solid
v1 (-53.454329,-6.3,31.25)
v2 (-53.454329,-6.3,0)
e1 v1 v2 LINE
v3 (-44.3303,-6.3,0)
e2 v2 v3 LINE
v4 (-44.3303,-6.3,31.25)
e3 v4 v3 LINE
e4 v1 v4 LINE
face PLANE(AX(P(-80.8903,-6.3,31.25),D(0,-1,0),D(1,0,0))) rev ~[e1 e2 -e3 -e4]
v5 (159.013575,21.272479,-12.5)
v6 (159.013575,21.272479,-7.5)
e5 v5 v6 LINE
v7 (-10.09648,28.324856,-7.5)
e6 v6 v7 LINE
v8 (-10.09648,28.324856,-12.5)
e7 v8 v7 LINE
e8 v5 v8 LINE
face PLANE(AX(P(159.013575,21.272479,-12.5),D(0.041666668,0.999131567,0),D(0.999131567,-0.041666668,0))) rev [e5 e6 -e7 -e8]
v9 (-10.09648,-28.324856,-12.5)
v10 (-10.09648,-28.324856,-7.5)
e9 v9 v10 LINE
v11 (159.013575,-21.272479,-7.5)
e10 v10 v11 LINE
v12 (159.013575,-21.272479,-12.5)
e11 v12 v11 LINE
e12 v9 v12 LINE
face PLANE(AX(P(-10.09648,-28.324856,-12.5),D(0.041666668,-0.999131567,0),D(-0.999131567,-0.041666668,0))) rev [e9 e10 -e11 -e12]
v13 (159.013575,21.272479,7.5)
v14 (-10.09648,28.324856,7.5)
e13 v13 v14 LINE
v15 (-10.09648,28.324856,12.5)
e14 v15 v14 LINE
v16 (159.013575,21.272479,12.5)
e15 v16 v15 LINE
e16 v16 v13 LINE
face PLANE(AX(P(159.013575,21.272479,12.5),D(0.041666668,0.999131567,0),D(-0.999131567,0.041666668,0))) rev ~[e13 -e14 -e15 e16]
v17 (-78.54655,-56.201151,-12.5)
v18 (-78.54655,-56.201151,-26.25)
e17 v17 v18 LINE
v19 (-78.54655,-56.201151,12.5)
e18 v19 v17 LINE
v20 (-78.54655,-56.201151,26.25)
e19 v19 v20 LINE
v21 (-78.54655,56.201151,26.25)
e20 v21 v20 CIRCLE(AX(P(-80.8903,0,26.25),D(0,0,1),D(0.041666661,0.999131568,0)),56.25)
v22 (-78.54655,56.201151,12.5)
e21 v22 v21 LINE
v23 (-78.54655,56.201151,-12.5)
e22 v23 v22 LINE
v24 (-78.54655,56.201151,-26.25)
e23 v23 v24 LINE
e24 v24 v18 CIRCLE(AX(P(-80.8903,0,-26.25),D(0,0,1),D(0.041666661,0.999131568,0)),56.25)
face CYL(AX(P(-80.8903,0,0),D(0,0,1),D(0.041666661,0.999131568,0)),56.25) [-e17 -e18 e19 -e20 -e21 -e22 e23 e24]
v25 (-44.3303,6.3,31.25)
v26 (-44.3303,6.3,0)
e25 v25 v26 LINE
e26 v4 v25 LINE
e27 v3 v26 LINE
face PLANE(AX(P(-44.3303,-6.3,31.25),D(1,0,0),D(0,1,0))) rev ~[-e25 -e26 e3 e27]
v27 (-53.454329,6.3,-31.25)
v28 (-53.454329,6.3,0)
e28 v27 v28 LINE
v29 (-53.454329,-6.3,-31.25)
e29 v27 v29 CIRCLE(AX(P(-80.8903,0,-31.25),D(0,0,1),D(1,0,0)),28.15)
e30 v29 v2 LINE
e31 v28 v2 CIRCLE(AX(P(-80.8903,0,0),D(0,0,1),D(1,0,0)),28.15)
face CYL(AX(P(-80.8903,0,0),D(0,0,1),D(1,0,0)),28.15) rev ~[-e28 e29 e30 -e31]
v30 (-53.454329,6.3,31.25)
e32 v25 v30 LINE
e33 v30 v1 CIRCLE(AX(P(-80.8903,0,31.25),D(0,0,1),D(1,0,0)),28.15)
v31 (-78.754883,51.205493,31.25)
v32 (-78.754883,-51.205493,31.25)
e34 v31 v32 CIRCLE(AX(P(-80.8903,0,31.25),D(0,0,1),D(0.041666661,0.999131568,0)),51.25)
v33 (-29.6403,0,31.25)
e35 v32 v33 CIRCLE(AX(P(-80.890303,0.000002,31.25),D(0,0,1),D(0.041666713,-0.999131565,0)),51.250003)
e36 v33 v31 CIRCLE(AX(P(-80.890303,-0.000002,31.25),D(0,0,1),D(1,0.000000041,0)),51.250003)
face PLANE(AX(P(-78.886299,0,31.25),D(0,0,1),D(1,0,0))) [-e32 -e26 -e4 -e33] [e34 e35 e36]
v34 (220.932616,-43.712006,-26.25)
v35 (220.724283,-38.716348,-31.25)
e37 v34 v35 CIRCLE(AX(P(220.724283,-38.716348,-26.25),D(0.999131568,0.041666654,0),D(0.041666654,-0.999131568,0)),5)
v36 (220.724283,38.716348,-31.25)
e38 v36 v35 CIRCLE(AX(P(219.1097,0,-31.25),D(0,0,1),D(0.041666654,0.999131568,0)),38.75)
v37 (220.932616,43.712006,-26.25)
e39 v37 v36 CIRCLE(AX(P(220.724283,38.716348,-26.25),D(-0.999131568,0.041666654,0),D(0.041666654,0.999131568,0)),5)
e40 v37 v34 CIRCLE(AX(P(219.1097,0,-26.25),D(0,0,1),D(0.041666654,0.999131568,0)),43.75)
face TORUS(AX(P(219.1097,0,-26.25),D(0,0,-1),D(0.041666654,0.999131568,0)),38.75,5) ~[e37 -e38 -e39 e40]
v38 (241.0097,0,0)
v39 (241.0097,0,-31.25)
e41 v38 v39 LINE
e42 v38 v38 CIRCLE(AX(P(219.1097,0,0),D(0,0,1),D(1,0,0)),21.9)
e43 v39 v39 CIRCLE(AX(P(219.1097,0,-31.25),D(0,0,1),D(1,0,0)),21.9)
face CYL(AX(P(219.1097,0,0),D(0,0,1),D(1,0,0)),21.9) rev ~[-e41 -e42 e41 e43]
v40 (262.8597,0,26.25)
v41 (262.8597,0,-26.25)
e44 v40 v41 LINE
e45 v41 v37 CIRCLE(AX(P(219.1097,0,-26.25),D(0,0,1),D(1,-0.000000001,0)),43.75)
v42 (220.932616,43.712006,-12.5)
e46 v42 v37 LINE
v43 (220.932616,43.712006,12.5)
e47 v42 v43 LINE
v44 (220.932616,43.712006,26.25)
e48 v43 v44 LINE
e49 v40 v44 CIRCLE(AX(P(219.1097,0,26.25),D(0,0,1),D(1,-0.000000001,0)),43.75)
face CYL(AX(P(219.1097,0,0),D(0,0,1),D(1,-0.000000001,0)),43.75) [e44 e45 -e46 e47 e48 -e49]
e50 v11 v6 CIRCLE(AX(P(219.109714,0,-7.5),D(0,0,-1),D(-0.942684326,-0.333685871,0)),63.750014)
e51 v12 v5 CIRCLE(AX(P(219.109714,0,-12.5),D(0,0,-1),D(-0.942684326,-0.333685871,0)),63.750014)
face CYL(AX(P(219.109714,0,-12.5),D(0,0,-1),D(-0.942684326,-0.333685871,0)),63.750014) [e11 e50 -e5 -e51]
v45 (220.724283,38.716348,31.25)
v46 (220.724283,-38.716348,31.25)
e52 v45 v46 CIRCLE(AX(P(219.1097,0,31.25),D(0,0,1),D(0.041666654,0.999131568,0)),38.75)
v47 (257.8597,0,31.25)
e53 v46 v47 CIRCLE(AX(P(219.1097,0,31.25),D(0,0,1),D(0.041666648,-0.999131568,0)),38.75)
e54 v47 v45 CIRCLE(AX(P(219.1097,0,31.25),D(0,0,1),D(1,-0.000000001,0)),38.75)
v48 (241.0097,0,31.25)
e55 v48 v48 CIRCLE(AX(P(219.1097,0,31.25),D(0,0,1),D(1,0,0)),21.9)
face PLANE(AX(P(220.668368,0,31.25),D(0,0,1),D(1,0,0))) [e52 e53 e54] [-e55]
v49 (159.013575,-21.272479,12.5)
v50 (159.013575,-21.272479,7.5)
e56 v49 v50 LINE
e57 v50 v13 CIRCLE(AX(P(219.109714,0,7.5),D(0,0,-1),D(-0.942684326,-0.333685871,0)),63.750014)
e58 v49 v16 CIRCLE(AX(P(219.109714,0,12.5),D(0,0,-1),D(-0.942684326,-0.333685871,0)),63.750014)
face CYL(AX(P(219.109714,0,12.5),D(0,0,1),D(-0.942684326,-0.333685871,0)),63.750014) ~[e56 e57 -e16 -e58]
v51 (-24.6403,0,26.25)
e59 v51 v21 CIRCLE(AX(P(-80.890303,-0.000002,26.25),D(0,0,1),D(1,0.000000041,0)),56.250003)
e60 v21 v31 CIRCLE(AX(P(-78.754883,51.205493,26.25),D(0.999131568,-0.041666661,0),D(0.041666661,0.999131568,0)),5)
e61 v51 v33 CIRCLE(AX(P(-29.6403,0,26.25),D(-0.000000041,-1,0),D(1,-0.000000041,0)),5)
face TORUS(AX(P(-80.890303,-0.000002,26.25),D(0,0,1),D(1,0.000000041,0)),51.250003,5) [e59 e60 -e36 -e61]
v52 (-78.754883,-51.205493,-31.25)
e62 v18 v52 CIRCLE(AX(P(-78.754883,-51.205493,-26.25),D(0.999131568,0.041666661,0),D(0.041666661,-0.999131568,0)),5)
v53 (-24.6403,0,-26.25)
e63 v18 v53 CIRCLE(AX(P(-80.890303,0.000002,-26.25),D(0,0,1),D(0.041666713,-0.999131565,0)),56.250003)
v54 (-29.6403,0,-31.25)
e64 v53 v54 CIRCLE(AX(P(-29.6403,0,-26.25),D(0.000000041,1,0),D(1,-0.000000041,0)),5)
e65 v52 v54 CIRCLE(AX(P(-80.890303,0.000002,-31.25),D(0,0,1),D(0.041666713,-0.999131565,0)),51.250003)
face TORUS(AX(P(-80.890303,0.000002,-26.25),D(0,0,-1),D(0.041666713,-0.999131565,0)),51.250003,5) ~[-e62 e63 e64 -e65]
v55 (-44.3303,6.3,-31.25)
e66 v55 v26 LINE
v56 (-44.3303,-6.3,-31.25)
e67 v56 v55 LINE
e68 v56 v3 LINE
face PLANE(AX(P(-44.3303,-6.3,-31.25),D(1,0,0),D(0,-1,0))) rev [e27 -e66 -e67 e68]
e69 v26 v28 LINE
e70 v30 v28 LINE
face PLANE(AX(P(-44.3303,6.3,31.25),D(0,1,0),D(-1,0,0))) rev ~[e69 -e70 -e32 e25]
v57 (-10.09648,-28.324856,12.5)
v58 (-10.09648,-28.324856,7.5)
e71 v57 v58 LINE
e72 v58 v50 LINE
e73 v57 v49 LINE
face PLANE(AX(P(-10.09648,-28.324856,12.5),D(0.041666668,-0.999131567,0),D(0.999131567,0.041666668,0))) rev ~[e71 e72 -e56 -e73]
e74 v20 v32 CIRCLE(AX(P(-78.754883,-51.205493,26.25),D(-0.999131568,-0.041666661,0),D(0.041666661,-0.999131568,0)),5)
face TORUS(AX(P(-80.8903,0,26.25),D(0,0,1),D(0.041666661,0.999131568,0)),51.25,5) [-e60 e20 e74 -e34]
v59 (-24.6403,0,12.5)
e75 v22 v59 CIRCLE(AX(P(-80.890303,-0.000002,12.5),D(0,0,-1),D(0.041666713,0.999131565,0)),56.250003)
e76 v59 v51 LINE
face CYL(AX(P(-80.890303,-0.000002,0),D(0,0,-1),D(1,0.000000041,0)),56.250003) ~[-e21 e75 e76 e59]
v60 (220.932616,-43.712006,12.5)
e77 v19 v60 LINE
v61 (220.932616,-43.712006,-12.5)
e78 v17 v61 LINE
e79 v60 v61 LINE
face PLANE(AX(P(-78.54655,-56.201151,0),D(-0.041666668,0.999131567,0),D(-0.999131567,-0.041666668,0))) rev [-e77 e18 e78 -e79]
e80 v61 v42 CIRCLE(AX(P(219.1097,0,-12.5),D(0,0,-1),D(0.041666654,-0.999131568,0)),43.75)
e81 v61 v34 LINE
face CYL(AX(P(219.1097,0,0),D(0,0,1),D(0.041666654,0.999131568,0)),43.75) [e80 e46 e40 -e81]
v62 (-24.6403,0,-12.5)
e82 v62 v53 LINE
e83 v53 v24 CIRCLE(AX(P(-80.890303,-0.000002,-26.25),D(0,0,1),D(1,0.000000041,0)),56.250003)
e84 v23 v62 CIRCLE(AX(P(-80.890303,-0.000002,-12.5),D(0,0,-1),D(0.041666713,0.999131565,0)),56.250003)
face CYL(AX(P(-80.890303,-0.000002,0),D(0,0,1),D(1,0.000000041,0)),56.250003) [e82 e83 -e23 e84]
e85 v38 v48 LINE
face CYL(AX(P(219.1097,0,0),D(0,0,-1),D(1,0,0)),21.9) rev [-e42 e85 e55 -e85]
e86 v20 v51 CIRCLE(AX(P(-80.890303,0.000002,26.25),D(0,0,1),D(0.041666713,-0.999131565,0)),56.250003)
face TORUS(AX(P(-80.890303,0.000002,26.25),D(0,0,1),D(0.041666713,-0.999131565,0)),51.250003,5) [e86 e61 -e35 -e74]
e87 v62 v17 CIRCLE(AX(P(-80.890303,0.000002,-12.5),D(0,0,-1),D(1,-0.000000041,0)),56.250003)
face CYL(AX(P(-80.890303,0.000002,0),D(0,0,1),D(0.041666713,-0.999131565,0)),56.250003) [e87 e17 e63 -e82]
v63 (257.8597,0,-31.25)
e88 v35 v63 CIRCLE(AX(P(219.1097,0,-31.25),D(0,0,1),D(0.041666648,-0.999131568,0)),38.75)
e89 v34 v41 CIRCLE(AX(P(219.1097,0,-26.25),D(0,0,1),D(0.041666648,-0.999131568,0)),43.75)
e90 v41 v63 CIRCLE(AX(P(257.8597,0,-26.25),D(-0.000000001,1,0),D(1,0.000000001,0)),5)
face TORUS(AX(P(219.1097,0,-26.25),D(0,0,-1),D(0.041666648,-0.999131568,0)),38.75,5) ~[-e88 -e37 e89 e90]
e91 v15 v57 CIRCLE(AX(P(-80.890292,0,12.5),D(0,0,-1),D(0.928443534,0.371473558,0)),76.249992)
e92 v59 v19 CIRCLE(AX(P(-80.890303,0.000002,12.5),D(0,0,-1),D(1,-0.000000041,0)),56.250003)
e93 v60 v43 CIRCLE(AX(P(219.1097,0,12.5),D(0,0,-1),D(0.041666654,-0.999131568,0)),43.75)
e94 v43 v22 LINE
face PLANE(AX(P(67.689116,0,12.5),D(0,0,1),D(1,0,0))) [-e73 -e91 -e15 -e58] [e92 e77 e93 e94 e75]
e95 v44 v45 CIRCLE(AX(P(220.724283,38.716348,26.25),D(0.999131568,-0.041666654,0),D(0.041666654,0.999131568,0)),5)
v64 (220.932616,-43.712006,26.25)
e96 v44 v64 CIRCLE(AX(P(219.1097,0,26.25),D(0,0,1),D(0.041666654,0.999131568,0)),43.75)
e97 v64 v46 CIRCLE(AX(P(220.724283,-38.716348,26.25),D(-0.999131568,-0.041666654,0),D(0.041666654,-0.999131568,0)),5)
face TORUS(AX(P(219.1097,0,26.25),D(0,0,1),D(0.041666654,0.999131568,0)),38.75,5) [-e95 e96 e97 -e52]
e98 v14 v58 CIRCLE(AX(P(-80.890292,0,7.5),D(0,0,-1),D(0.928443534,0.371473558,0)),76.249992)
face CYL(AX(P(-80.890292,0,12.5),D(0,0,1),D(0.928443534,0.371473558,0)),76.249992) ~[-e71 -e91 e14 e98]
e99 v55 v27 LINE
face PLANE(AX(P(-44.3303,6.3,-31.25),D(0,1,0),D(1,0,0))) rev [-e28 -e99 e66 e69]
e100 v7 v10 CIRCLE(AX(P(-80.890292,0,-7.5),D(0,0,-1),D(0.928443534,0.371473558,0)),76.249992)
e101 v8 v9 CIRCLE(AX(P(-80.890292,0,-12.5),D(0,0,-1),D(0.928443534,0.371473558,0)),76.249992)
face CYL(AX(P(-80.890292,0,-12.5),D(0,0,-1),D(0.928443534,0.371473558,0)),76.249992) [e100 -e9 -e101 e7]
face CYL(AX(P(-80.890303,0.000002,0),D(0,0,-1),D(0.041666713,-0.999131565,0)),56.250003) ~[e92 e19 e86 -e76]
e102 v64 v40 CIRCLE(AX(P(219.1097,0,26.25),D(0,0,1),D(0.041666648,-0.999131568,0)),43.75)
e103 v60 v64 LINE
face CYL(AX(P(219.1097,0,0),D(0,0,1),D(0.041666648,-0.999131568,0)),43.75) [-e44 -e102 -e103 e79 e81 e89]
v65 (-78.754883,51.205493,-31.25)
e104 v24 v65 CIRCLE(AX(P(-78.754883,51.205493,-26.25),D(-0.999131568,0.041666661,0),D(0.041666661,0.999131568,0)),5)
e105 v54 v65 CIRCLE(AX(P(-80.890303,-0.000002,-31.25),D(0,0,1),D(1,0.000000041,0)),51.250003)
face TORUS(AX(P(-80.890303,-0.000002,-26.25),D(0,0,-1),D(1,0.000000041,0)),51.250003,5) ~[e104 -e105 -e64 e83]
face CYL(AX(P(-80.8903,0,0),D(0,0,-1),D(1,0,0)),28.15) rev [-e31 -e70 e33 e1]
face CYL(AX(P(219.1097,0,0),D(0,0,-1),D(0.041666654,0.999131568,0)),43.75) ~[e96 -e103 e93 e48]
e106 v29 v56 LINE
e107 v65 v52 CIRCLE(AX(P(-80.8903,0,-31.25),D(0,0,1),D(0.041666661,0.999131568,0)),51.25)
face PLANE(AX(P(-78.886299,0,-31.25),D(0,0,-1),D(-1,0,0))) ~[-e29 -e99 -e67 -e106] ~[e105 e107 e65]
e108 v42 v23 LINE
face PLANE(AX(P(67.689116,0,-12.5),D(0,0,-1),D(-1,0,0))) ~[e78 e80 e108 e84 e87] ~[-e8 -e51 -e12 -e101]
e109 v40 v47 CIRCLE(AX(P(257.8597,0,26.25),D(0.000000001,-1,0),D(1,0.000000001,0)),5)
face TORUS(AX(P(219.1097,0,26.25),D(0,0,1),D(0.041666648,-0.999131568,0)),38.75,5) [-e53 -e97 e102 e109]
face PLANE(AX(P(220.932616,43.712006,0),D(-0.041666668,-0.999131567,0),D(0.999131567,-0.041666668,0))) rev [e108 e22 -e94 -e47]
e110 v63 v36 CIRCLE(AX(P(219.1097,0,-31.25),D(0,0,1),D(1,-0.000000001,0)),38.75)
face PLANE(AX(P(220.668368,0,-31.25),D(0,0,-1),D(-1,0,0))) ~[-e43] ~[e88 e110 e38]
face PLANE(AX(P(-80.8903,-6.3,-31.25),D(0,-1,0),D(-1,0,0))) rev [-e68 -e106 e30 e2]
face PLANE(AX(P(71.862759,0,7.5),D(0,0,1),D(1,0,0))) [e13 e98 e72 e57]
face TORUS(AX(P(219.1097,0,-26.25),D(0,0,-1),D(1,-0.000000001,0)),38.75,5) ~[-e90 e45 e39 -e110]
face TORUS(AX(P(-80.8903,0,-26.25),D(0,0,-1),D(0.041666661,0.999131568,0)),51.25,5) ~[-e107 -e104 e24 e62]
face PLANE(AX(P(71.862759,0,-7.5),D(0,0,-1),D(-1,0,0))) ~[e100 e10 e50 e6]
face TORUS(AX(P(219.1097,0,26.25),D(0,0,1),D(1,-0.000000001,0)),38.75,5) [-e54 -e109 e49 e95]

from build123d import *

# Parameters (mm, degrees)
F6_DEPTH = 12.5
F0_R     = 21.9
F0_R_2   = 28.15
F1_DEPTH = 31.25
F2_DEPTH = 5
F4_DEPTH = 130.647779
F5_R     = 5


with BuildPart() as f6:
    # F0 (on Top) → F6 (new body)
    with BuildSketch(Plane.XY):
        with BuildLine():
            ThreePointArc((-78.54655, 56.201151), (-40.29536, 38.937299), (-24.6403, 0))
            ThreePointArc((-24.6403, 0), (-40.29536, -38.937299), (-78.54655, -56.201151))
            Line((-78.54655, -56.201151), (220.932616, -43.712006))
            ThreePointArc((220.932616, -43.712006), (175.3597, 0), (220.932616, 43.712006))
            Line((220.932616, 43.712006), (-78.54655, 56.201151))
        make_face()
    extrude(amount=F6_DEPTH)

    # F0 (on Top) → F1 (join)
    with BuildSketch(Plane.XY):
        with BuildLine():
            ThreePointArc((262.8597, 0), (250.683543, 30.284566), (220.932616, 43.712006))
            ThreePointArc((220.932616, 43.712006), (175.3597, 0), (220.932616, -43.712006))
            ThreePointArc((220.932616, -43.712006), (250.683543, -30.284566), (262.8597, 0))
        make_face()
        with Locations((219.1097, 0)):
            Circle(F0_R, mode=Mode.SUBTRACT)
        with BuildLine():
            ThreePointArc((-78.54655, -56.201151), (-40.29536, -38.937299), (-24.6403, 0))
            ThreePointArc((-24.6403, 0), (-40.29536, 38.937299), (-78.54655, 56.201151))
            ThreePointArc((-78.54655, 56.201151), (-137.1403, 0), (-78.54655, -56.201151))
        make_face()
        with Locations((-80.8903, 0)):
            Circle(F0_R_2, mode=Mode.SUBTRACT)
    extrude(amount=F1_DEPTH)

    # F7 (on face) → F2 (cut)
    with BuildSketch(Plane.XY.offset(12.5)):
        with BuildLine():
            ThreePointArc((159.013575, -21.272479), (155.3597, 0), (159.013575, 21.272479))
            Line((159.013575, 21.272479), (-10.09648, 28.324856))
            ThreePointArc((-10.09648, 28.324856), (-4.6403, 0), (-10.09648, -28.324856))
            Line((-10.09648, -28.324856), (159.013575, -21.272479))
        make_face()
    extrude(amount=-F2_DEPTH, mode=Mode.SUBTRACT)

    # F3 (on face) → F4 (cut)
    with BuildSketch(Plane.XY.offset(31.25)):
        Polygon((-44.3303, 6.3), (-80.8903, 6.3), (-80.8903, 0), (-80.8903, -6.3), (-44.3303, -6.3), (-44.3303, 0), align=None)
    extrude(amount=-F4_DEPTH, mode=Mode.SUBTRACT)

    # F5
    f5_edges = [f6.edges().sort_by_distance(p)[0] for p in [
        (-83.23405, 56.201151, 31.25),
        (217.286783, 43.712006, 31.25),
    ]]
    fillet(f5_edges, radius=F5_R)

    # F8: F6 across face


with BuildPart() as f6_1:
    add(f6.part)
    add(f6.part.mirror(Plane(origin=(57.759203, 0, 0), x_dir=(1, 0, 0), z_dir=(0, 0, -1))))


solid = f6_1.part
